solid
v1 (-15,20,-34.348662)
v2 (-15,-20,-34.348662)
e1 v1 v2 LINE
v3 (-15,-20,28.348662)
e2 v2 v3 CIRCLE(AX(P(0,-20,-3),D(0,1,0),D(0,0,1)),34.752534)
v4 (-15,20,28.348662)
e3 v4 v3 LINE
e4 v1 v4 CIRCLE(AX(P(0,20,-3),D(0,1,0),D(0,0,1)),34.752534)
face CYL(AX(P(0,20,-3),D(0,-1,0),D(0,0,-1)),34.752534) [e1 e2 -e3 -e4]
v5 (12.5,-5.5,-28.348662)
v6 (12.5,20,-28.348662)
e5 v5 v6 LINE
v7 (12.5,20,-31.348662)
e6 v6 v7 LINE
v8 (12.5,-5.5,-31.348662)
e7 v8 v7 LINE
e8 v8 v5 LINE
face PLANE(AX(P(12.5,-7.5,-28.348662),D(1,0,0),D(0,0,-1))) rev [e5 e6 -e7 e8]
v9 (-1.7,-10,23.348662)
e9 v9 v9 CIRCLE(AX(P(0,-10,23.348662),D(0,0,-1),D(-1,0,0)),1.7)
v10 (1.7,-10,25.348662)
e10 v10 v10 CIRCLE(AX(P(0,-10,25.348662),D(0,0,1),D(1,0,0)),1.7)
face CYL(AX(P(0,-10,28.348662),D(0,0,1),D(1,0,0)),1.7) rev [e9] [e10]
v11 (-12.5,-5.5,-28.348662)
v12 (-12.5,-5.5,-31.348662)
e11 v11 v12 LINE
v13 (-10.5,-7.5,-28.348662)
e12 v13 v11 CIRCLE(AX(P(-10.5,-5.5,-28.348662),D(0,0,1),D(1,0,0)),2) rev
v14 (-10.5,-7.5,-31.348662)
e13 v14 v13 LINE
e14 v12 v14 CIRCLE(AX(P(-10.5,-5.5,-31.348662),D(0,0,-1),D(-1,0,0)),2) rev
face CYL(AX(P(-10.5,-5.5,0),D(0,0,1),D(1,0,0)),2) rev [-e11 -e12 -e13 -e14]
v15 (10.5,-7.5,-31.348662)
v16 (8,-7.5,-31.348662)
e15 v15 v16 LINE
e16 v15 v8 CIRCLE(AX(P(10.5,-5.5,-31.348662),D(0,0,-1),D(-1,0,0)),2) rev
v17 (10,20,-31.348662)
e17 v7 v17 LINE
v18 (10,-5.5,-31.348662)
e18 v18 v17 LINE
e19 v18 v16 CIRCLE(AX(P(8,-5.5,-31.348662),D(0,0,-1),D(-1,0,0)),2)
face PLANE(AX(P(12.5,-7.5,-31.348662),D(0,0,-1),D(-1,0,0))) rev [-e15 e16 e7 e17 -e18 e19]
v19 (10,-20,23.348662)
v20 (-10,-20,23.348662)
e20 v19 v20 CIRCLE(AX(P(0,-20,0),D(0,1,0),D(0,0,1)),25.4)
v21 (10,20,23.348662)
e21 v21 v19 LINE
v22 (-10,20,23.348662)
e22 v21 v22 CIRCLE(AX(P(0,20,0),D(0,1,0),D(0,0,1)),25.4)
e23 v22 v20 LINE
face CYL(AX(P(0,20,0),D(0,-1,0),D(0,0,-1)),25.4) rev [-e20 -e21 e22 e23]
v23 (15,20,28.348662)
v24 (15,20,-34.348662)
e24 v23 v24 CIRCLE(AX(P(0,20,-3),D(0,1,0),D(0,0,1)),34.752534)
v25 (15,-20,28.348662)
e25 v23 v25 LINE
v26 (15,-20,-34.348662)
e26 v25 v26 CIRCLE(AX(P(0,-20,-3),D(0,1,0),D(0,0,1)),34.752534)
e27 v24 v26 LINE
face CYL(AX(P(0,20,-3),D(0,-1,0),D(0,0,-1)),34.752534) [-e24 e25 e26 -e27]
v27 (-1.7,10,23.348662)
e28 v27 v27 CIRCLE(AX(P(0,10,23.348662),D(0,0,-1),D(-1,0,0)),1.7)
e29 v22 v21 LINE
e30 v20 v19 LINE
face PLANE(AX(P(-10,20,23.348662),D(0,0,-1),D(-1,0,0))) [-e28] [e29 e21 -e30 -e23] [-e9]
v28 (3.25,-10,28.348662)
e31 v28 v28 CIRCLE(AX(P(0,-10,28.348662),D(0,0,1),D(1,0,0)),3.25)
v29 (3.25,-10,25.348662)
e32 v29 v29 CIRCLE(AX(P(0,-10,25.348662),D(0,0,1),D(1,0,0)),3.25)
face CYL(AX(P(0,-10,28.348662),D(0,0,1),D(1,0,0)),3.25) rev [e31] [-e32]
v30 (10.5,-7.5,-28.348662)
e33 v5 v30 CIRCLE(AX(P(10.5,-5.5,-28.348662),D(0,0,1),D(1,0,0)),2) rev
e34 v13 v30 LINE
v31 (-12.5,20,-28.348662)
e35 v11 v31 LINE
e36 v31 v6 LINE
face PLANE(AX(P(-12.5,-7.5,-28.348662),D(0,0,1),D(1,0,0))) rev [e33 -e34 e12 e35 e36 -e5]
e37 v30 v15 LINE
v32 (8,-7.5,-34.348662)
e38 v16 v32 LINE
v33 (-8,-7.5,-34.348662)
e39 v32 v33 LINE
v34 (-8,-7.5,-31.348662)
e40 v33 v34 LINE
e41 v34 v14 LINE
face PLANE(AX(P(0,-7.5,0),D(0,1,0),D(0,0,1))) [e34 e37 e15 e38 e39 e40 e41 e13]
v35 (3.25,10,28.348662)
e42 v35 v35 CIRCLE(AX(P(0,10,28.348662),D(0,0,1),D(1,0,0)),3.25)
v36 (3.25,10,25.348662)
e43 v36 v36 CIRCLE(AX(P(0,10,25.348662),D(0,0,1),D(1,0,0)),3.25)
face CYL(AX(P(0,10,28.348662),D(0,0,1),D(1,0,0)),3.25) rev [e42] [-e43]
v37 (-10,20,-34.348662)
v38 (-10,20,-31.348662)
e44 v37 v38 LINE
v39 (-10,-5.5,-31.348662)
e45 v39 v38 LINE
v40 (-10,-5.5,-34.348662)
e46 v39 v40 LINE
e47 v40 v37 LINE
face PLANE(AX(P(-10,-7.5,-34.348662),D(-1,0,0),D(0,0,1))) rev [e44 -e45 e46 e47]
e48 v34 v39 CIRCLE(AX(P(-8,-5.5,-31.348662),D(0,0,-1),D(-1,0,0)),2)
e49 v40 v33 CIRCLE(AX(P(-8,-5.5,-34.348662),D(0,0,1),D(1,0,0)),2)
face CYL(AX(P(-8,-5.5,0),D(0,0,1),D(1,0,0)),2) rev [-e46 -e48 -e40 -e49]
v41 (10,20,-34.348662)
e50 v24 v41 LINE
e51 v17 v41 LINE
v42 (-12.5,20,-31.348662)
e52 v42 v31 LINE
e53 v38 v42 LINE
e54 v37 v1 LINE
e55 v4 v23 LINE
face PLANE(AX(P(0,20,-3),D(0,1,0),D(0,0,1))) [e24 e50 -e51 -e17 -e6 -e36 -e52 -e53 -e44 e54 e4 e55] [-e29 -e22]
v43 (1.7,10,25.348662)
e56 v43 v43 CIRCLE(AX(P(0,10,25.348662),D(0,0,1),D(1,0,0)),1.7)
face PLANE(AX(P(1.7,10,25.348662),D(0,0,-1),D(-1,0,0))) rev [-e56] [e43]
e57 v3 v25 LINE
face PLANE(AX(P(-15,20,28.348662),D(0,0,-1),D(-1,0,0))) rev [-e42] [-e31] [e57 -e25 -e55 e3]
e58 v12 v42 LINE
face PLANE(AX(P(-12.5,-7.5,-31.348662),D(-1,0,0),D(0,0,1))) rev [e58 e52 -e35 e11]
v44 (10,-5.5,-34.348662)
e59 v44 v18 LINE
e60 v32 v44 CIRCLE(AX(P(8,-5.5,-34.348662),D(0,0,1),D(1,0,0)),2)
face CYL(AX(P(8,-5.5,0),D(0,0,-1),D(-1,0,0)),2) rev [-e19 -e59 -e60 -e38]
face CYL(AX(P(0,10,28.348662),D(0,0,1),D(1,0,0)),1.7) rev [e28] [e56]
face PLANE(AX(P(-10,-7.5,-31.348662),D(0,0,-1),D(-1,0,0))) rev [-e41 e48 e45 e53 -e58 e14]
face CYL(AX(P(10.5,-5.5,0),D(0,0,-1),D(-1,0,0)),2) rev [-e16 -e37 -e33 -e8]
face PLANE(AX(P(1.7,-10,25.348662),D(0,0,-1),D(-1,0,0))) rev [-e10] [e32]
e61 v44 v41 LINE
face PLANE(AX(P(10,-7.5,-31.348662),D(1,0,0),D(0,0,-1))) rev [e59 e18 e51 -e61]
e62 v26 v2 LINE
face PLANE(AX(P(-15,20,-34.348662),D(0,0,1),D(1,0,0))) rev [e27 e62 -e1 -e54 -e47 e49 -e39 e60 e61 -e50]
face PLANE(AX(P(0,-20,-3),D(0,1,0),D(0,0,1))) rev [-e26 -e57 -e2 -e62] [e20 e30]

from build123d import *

# Parameters (mm, degrees)
BOSS_EXTRUDE1_DEPTH            = 20
CUT_EXTRUDE1_DEPTH             = 27.5
CBORE_FOR_M3_SHCS1_D           = 3.4
CBORE_FOR_M3_SHCS1_DEPTH       = 5
CBORE_FOR_M3_SHCS1_CBORE_D     = 6.5
CBORE_FOR_M3_SHCS1_CBORE_DEPTH = 3
FILLET1_R                      = 2


with BuildPart() as part:
    # Sketch1 → Boss-Extrude1 (new body, symmetric)
    with BuildSketch(Plane(origin=(0, 0, 0), x_dir=(1, 0, 0), z_dir=(0, 1, 0))):
        with BuildLine():
            Line((-15, -28.348661632), (15, -28.348661632))
            ThreePointArc((15, -28.348661632), (34.752533521, 3), (15, 34.348661632))
            Line((15, 34.348661632), (-15, 34.348661632))
            ThreePointArc((-15, 34.348661632), (-34.752533521, 3), (-15, -28.348661632))
        make_face()
        with BuildLine():
            Line((-10, -23.348661632), (10, -23.348661632))
            ThreePointArc((10, -23.348661632), (0, 25.4), (-10, -23.348661632))
        make_face(mode=Mode.SUBTRACT)
    extrude(amount=BOSS_EXTRUDE1_DEPTH, both=True)

    # Sketch3 → Cut-Extrude1 (cut)
    with BuildSketch(Plane(origin=(0, 20, 0), x_dir=(1, 0, 0), z_dir=(0, 1, 0))):
        Polygon((-10, 34.348661632), (-10, 31.348661632), (-12.5, 31.348661632), (-12.5, 28.348661632), (12.5, 28.348661632), (12.5, 31.348661632), (10, 31.348661632), (10, 34.348661632), align=None)
    extrude(amount=-CUT_EXTRUDE1_DEPTH, mode=Mode.SUBTRACT)

    # CBORE for M3 SHCS1
    with Locations(Plane.XY.offset(28.348661632)):
        with Locations((0, 10), (0, -10)):
            CounterBoreHole(CBORE_FOR_M3_SHCS1_D / 2, CBORE_FOR_M3_SHCS1_CBORE_D / 2, CBORE_FOR_M3_SHCS1_CBORE_DEPTH, depth=CBORE_FOR_M3_SHCS1_DEPTH)

    # Fillet1
    fillet1_edges = [part.edges().sort_by_distance(p)[0] for p in [
        (10, -7.5, -32.848661632),
        (12.5, -7.5, -29.848661632),
        (-12.5, -7.5, -29.848661632),
        (-10, -7.5, -32.848661632),
    ]]
    fillet(fillet1_edges, radius=FILLET1_R)


solid = part.part
